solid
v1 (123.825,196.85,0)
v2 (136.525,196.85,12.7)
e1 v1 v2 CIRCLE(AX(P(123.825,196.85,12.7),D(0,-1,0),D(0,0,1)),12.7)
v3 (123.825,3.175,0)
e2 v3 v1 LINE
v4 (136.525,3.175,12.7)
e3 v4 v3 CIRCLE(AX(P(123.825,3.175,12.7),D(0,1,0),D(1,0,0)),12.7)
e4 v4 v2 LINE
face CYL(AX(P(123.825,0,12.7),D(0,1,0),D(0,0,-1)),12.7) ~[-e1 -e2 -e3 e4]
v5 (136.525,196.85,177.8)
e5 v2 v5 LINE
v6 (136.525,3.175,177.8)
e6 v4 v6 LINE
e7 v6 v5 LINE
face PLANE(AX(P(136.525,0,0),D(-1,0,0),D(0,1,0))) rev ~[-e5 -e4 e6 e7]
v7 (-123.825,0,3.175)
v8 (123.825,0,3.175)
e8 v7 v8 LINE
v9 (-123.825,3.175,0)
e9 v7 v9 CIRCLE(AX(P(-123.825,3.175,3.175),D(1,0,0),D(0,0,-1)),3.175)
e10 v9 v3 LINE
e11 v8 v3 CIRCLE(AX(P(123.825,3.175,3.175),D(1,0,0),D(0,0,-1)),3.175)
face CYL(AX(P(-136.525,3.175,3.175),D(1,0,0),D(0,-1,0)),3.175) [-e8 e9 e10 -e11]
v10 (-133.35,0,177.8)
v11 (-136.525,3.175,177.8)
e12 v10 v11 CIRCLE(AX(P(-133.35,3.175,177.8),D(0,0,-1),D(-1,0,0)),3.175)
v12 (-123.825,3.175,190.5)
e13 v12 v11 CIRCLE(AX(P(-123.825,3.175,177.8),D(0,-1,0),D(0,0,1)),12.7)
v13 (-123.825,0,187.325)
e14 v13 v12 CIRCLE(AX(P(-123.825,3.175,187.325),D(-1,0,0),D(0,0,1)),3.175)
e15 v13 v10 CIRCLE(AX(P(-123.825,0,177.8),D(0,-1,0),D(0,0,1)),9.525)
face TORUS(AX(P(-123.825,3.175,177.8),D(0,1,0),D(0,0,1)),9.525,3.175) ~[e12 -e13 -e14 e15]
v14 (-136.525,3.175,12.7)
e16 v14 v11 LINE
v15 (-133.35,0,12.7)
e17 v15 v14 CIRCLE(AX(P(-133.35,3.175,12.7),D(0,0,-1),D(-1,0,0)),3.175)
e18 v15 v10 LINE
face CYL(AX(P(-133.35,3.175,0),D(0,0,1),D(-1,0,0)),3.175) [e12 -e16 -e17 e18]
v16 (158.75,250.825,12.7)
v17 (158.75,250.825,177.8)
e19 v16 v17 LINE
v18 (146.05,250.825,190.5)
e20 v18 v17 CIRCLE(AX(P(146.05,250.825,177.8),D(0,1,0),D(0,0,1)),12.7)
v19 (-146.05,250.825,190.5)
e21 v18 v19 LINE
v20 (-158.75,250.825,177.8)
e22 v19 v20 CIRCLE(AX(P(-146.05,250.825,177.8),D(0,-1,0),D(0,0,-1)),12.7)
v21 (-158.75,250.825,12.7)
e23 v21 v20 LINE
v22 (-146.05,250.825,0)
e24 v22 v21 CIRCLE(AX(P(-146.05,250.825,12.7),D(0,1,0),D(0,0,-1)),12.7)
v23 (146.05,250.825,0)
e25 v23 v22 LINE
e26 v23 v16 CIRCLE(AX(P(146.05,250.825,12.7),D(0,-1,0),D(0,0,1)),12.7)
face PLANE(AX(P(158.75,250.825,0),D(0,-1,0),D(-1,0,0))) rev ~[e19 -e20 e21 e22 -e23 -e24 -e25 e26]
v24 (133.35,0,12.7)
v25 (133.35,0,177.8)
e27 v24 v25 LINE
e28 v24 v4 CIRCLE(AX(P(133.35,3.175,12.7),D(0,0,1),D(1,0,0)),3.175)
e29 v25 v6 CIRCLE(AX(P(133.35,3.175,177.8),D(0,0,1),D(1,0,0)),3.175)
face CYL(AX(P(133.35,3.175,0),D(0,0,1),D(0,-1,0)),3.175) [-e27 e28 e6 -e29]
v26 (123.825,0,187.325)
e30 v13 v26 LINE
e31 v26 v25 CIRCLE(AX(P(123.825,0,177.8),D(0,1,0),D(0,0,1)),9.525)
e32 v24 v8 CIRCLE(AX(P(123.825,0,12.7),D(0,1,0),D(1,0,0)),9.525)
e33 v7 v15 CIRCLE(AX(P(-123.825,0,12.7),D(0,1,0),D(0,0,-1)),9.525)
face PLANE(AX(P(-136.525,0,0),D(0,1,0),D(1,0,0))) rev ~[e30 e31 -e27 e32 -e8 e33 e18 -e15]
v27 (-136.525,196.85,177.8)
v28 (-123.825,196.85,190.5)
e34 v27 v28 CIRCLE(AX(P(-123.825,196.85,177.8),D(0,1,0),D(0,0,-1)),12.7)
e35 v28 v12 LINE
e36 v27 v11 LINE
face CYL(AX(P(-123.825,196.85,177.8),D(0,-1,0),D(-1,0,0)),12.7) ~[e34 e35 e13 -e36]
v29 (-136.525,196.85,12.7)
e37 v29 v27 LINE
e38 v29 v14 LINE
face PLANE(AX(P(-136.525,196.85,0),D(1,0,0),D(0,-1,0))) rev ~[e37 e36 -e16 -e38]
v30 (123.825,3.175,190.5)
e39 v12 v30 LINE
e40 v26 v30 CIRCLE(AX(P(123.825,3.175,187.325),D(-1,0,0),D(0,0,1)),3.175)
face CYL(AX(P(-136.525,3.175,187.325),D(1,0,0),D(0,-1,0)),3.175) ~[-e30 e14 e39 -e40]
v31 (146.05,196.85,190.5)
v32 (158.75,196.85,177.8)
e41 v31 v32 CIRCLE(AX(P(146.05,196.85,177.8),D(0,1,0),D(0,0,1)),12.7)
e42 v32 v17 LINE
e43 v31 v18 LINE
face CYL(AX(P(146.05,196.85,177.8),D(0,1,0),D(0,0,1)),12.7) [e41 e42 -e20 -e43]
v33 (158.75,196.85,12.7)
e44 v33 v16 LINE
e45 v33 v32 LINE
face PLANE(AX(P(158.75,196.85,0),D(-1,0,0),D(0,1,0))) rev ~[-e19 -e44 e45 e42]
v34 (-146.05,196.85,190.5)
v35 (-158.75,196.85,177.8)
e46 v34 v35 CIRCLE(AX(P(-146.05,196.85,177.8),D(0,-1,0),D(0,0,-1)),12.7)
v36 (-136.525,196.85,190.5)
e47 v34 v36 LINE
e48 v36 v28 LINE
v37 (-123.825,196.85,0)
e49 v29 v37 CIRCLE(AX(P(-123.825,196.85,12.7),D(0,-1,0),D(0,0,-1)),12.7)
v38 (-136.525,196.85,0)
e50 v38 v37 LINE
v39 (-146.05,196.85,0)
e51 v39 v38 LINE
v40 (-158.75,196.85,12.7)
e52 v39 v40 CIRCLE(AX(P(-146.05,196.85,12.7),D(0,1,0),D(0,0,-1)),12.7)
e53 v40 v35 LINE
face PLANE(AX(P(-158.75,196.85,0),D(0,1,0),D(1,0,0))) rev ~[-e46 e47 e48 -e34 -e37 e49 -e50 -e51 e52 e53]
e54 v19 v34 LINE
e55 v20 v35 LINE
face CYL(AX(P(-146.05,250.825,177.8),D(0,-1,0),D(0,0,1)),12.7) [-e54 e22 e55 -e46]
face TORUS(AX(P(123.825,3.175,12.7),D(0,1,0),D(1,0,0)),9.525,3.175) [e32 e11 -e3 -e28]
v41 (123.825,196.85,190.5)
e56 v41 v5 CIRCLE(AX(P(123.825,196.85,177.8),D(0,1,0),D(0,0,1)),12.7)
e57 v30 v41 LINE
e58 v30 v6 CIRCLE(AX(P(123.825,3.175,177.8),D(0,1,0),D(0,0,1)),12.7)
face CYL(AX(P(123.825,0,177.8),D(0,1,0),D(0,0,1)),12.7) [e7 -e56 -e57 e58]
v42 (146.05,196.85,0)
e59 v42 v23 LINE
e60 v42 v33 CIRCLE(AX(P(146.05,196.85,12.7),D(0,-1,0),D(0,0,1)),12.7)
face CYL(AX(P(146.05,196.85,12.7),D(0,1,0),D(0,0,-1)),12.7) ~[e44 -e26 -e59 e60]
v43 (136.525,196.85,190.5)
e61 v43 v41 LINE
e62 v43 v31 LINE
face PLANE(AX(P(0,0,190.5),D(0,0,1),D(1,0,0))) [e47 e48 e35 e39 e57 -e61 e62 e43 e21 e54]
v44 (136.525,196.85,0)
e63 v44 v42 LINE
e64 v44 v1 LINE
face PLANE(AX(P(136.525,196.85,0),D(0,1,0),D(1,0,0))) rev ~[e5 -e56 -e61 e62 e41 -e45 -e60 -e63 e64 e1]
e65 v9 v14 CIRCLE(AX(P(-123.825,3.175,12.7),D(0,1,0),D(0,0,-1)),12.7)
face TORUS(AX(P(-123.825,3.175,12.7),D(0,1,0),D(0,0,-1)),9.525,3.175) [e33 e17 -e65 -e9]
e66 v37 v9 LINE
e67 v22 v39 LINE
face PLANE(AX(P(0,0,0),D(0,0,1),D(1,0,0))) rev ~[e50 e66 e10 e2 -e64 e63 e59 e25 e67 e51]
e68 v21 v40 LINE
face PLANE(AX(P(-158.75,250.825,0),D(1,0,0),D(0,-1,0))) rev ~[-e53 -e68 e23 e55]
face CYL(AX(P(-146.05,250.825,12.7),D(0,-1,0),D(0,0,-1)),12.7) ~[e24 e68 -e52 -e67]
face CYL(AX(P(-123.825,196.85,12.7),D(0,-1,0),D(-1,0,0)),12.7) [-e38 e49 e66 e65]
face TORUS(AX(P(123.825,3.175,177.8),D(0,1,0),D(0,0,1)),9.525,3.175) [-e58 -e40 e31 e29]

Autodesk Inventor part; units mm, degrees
ref_plane "YZ Plane" through (0, 0, 0) normal (1, 0, 0) x (0, 1, 0)
ref_plane "XZ Plane" through (0, 0, 0) normal (0, 1, 0) x (-1, 0, 0)
ref_plane "XY Plane" through (0, 0, 0) normal (0, 0, 1) x (1, 0, 0)
sketch "Sketch1" plane through (0, 0, 0) normal (0, 0, 1) x (1, 0, 0)
  line L0 (-136.525, 0) -> (136.525, 0)
  line L1 (136.525, 0) -> (136.525, 196.85)
  line L2 (136.525, 196.85) -> (-136.525, 196.85)
  line L3 (-136.525, 196.85) -> (-136.525, 0)
  line L4 (-158.75, 196.85) -> (158.75, 196.85)
  line L5 (158.75, 196.85) -> (158.75, 250.825)
  line L6 (158.75, 250.825) -> (-158.75, 250.825)
  line L7 (-158.75, 250.825) -> (-158.75, 196.85)
  point P0 (0, 0)
  point P1 (0, 196.85)
  point P2 (0, 0)
  dimension "d0" = 250.825
  dimension "d1" = 317.5
  dimension "d2" = 196.85
  dimension "d3" = 273.05
extrude "Extrusion1" add sketch "Sketch1" along normal blind 190.5
fillet "Fillet1" radius 3.175 4 edges at (0, 0, 190.5) (136.525, 0, 95.25) (0, 0, 0) (-136.525, 0, 95.25)
fillet "Fillet1" radius 12.7 8 edges at (136.525, 98.425, 190.5) (136.525, 98.425, 0) (-136.525, 98.425, 190.5) (-136.525, 98.425, 0) (-158.75, 223.8375, 190.5) (-158.75, 223.8375, 0) (158.75, 223.8375, 190.5) (158.75, 223.8375, 0)
properties part number "battery"
